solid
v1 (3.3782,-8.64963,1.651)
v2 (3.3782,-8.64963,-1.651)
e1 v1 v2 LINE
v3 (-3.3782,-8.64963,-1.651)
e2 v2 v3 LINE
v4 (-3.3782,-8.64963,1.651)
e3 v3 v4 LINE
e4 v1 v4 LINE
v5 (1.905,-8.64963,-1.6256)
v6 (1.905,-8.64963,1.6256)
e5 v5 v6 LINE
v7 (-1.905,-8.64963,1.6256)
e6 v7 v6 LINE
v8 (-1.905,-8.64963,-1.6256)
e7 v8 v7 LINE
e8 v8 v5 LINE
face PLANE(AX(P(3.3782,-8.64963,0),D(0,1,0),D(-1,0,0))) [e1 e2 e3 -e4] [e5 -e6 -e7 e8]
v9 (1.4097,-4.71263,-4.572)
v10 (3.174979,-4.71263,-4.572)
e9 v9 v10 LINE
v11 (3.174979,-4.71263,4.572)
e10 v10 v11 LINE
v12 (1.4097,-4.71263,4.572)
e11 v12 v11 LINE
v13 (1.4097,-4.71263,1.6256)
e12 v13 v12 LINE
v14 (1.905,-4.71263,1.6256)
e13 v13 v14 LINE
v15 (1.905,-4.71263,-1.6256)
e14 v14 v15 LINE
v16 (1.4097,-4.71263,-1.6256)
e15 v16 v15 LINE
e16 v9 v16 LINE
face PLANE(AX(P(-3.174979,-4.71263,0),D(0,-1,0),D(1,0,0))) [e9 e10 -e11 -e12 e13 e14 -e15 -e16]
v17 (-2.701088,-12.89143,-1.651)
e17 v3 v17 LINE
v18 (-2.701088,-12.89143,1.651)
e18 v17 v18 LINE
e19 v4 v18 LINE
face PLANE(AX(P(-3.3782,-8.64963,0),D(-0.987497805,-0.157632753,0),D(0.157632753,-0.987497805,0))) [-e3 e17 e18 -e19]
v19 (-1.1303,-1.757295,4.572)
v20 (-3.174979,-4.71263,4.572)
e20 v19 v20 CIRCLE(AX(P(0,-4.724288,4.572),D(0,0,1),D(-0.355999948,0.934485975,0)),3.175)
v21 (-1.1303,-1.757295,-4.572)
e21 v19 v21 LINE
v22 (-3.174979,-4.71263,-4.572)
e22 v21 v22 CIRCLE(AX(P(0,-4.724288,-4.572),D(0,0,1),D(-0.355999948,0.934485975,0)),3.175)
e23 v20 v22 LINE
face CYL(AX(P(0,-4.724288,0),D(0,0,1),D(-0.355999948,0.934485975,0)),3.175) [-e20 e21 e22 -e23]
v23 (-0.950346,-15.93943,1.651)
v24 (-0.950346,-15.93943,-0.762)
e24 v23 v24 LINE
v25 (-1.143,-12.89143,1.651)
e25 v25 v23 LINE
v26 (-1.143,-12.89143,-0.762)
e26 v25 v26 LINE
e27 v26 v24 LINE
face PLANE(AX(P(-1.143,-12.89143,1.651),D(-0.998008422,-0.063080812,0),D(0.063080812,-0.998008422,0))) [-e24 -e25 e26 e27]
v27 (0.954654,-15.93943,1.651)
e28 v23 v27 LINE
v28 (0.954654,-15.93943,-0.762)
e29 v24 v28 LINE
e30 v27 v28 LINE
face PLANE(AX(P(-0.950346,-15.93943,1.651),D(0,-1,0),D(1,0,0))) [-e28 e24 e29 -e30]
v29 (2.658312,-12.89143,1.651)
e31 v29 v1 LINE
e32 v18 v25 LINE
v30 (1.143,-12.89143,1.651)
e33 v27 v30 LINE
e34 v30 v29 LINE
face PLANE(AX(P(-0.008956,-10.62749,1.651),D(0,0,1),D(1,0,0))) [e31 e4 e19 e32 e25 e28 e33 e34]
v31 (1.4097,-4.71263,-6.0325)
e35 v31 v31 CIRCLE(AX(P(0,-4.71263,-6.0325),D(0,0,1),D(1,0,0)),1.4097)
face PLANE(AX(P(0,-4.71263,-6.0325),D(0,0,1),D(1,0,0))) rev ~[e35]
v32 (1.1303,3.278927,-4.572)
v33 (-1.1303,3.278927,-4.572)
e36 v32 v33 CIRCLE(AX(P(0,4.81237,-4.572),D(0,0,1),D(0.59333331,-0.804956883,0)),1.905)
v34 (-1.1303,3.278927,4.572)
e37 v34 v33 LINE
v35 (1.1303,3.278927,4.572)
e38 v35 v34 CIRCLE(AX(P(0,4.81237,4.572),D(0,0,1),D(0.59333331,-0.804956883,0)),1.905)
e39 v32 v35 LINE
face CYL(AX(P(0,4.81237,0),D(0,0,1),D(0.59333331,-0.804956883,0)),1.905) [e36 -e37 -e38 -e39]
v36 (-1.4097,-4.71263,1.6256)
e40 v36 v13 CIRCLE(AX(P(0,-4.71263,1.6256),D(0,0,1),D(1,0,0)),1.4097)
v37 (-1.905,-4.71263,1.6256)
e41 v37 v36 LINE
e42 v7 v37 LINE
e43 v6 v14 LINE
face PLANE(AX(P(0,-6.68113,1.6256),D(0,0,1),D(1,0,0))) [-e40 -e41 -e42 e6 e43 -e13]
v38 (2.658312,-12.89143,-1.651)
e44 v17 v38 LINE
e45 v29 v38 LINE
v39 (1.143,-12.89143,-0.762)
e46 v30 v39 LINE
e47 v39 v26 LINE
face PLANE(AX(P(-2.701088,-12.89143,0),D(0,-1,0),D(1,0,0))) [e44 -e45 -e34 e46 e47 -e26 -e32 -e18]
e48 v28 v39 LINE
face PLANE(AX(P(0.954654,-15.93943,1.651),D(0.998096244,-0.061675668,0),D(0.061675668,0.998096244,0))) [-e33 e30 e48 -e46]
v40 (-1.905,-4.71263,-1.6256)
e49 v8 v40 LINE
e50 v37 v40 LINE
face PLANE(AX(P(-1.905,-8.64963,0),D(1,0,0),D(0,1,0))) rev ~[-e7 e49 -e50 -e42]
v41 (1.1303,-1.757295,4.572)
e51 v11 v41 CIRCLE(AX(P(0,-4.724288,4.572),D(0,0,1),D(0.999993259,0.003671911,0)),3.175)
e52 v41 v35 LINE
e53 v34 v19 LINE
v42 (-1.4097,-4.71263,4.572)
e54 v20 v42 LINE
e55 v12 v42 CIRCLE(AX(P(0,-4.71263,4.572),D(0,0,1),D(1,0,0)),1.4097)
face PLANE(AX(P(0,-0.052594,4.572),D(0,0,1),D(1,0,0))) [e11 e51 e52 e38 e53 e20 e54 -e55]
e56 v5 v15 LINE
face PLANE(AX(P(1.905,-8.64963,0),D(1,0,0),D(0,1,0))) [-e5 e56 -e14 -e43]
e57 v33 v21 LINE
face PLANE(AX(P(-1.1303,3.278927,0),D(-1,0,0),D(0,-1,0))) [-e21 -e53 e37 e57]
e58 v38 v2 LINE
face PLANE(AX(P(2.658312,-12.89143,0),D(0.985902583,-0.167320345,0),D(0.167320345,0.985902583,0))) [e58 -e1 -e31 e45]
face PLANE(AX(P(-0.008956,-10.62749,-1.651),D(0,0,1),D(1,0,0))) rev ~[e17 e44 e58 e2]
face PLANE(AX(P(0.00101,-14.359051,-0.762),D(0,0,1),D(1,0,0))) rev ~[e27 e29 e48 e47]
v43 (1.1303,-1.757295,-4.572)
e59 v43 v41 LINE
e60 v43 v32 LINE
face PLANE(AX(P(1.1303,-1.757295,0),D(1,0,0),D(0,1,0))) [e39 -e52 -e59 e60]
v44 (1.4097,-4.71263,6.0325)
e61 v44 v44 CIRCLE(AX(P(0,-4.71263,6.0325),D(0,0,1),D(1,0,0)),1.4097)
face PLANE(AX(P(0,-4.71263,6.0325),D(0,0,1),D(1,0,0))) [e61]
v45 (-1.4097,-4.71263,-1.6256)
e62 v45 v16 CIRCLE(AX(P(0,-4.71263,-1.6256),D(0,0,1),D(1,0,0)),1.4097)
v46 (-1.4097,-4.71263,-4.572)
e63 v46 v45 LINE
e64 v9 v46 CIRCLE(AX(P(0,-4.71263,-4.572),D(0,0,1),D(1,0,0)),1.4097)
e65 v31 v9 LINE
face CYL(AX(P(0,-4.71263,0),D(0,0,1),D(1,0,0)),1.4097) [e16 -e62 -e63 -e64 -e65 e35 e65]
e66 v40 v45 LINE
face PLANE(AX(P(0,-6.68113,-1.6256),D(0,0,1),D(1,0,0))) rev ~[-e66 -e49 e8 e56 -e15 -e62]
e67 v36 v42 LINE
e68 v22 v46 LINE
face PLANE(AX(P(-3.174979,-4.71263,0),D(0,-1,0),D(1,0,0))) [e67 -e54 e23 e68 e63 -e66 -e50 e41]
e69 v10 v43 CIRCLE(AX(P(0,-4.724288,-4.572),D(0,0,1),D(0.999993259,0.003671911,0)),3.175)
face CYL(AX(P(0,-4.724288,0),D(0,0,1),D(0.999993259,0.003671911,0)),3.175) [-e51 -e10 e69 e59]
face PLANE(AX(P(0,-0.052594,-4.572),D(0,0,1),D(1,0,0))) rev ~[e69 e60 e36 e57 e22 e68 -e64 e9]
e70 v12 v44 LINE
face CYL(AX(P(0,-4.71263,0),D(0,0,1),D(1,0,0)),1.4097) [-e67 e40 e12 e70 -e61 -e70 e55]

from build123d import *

# Parameters (mm, degrees)
F1_DEPTH = 4.572
F2_R     = 1.4097
F3_DEPTH = 6.0325
F4_W     = 3.81
F4_H     = 3.937
F5_DEPTH = 1.6256
F7_DEPTH = 1.651
F9_DEPTH = 2.413


with BuildPart() as f1:
    # F0 (on Top) → F1 (new body, symmetric)
    with BuildSketch(Plane.XY):
        with BuildLine():
            Line((-3.174979, -4.71263), (-1.1303, -4.71263))
            Line((-1.1303, -4.71263), (1.1303, -4.71263))
            Line((1.1303, -4.71263), (3.174979, -4.71263))
            ThreePointArc((3.174979, -4.71263), (2.611007, -2.917836), (1.1303, -1.757295))
            Line((1.1303, -1.757295), (1.1303, 3.278927))
            ThreePointArc((1.1303, 3.278927), (0, 6.71737), (-1.1303, 3.278927))
            Line((-1.1303, 3.278927), (-1.1303, -1.757295))
            ThreePointArc((-1.1303, -1.757295), (-2.611007, -2.917836), (-3.174979, -4.71263))
        make_face()
    extrude(amount=F1_DEPTH, both=True)

    # F2 (on Top) → F3 (join, symmetric)
    with BuildSketch(Plane.XY):
        with Locations((0, -4.71263)):
            Circle(F2_R)
    extrude(amount=F3_DEPTH, both=True)

    # F4 (on Top) → F5 (join, symmetric)
    with BuildSketch(Plane.XY):
        with Locations((0, -6.68113)):
            Rectangle(F4_W, F4_H)
    extrude(amount=F5_DEPTH, both=True)

    # F6 (on Top) → F7 (join, symmetric)
    with BuildSketch(Plane.XY):
        Polygon((3.3782, -8.64963), (-3.3782, -8.64963), (-2.701088, -12.89143), (2.658312, -12.89143), align=None)
    extrude(amount=F7_DEPTH, both=True)

    # F8 (on face) → F9 (join)
    with BuildSketch(Plane.XY.offset(1.651)):
        Polygon((1.143, -12.89143), (-1.143, -12.89143), (-0.950346, -15.93943), (0.954654, -15.93943), align=None)
    extrude(amount=-F9_DEPTH)


solid = f1.part
